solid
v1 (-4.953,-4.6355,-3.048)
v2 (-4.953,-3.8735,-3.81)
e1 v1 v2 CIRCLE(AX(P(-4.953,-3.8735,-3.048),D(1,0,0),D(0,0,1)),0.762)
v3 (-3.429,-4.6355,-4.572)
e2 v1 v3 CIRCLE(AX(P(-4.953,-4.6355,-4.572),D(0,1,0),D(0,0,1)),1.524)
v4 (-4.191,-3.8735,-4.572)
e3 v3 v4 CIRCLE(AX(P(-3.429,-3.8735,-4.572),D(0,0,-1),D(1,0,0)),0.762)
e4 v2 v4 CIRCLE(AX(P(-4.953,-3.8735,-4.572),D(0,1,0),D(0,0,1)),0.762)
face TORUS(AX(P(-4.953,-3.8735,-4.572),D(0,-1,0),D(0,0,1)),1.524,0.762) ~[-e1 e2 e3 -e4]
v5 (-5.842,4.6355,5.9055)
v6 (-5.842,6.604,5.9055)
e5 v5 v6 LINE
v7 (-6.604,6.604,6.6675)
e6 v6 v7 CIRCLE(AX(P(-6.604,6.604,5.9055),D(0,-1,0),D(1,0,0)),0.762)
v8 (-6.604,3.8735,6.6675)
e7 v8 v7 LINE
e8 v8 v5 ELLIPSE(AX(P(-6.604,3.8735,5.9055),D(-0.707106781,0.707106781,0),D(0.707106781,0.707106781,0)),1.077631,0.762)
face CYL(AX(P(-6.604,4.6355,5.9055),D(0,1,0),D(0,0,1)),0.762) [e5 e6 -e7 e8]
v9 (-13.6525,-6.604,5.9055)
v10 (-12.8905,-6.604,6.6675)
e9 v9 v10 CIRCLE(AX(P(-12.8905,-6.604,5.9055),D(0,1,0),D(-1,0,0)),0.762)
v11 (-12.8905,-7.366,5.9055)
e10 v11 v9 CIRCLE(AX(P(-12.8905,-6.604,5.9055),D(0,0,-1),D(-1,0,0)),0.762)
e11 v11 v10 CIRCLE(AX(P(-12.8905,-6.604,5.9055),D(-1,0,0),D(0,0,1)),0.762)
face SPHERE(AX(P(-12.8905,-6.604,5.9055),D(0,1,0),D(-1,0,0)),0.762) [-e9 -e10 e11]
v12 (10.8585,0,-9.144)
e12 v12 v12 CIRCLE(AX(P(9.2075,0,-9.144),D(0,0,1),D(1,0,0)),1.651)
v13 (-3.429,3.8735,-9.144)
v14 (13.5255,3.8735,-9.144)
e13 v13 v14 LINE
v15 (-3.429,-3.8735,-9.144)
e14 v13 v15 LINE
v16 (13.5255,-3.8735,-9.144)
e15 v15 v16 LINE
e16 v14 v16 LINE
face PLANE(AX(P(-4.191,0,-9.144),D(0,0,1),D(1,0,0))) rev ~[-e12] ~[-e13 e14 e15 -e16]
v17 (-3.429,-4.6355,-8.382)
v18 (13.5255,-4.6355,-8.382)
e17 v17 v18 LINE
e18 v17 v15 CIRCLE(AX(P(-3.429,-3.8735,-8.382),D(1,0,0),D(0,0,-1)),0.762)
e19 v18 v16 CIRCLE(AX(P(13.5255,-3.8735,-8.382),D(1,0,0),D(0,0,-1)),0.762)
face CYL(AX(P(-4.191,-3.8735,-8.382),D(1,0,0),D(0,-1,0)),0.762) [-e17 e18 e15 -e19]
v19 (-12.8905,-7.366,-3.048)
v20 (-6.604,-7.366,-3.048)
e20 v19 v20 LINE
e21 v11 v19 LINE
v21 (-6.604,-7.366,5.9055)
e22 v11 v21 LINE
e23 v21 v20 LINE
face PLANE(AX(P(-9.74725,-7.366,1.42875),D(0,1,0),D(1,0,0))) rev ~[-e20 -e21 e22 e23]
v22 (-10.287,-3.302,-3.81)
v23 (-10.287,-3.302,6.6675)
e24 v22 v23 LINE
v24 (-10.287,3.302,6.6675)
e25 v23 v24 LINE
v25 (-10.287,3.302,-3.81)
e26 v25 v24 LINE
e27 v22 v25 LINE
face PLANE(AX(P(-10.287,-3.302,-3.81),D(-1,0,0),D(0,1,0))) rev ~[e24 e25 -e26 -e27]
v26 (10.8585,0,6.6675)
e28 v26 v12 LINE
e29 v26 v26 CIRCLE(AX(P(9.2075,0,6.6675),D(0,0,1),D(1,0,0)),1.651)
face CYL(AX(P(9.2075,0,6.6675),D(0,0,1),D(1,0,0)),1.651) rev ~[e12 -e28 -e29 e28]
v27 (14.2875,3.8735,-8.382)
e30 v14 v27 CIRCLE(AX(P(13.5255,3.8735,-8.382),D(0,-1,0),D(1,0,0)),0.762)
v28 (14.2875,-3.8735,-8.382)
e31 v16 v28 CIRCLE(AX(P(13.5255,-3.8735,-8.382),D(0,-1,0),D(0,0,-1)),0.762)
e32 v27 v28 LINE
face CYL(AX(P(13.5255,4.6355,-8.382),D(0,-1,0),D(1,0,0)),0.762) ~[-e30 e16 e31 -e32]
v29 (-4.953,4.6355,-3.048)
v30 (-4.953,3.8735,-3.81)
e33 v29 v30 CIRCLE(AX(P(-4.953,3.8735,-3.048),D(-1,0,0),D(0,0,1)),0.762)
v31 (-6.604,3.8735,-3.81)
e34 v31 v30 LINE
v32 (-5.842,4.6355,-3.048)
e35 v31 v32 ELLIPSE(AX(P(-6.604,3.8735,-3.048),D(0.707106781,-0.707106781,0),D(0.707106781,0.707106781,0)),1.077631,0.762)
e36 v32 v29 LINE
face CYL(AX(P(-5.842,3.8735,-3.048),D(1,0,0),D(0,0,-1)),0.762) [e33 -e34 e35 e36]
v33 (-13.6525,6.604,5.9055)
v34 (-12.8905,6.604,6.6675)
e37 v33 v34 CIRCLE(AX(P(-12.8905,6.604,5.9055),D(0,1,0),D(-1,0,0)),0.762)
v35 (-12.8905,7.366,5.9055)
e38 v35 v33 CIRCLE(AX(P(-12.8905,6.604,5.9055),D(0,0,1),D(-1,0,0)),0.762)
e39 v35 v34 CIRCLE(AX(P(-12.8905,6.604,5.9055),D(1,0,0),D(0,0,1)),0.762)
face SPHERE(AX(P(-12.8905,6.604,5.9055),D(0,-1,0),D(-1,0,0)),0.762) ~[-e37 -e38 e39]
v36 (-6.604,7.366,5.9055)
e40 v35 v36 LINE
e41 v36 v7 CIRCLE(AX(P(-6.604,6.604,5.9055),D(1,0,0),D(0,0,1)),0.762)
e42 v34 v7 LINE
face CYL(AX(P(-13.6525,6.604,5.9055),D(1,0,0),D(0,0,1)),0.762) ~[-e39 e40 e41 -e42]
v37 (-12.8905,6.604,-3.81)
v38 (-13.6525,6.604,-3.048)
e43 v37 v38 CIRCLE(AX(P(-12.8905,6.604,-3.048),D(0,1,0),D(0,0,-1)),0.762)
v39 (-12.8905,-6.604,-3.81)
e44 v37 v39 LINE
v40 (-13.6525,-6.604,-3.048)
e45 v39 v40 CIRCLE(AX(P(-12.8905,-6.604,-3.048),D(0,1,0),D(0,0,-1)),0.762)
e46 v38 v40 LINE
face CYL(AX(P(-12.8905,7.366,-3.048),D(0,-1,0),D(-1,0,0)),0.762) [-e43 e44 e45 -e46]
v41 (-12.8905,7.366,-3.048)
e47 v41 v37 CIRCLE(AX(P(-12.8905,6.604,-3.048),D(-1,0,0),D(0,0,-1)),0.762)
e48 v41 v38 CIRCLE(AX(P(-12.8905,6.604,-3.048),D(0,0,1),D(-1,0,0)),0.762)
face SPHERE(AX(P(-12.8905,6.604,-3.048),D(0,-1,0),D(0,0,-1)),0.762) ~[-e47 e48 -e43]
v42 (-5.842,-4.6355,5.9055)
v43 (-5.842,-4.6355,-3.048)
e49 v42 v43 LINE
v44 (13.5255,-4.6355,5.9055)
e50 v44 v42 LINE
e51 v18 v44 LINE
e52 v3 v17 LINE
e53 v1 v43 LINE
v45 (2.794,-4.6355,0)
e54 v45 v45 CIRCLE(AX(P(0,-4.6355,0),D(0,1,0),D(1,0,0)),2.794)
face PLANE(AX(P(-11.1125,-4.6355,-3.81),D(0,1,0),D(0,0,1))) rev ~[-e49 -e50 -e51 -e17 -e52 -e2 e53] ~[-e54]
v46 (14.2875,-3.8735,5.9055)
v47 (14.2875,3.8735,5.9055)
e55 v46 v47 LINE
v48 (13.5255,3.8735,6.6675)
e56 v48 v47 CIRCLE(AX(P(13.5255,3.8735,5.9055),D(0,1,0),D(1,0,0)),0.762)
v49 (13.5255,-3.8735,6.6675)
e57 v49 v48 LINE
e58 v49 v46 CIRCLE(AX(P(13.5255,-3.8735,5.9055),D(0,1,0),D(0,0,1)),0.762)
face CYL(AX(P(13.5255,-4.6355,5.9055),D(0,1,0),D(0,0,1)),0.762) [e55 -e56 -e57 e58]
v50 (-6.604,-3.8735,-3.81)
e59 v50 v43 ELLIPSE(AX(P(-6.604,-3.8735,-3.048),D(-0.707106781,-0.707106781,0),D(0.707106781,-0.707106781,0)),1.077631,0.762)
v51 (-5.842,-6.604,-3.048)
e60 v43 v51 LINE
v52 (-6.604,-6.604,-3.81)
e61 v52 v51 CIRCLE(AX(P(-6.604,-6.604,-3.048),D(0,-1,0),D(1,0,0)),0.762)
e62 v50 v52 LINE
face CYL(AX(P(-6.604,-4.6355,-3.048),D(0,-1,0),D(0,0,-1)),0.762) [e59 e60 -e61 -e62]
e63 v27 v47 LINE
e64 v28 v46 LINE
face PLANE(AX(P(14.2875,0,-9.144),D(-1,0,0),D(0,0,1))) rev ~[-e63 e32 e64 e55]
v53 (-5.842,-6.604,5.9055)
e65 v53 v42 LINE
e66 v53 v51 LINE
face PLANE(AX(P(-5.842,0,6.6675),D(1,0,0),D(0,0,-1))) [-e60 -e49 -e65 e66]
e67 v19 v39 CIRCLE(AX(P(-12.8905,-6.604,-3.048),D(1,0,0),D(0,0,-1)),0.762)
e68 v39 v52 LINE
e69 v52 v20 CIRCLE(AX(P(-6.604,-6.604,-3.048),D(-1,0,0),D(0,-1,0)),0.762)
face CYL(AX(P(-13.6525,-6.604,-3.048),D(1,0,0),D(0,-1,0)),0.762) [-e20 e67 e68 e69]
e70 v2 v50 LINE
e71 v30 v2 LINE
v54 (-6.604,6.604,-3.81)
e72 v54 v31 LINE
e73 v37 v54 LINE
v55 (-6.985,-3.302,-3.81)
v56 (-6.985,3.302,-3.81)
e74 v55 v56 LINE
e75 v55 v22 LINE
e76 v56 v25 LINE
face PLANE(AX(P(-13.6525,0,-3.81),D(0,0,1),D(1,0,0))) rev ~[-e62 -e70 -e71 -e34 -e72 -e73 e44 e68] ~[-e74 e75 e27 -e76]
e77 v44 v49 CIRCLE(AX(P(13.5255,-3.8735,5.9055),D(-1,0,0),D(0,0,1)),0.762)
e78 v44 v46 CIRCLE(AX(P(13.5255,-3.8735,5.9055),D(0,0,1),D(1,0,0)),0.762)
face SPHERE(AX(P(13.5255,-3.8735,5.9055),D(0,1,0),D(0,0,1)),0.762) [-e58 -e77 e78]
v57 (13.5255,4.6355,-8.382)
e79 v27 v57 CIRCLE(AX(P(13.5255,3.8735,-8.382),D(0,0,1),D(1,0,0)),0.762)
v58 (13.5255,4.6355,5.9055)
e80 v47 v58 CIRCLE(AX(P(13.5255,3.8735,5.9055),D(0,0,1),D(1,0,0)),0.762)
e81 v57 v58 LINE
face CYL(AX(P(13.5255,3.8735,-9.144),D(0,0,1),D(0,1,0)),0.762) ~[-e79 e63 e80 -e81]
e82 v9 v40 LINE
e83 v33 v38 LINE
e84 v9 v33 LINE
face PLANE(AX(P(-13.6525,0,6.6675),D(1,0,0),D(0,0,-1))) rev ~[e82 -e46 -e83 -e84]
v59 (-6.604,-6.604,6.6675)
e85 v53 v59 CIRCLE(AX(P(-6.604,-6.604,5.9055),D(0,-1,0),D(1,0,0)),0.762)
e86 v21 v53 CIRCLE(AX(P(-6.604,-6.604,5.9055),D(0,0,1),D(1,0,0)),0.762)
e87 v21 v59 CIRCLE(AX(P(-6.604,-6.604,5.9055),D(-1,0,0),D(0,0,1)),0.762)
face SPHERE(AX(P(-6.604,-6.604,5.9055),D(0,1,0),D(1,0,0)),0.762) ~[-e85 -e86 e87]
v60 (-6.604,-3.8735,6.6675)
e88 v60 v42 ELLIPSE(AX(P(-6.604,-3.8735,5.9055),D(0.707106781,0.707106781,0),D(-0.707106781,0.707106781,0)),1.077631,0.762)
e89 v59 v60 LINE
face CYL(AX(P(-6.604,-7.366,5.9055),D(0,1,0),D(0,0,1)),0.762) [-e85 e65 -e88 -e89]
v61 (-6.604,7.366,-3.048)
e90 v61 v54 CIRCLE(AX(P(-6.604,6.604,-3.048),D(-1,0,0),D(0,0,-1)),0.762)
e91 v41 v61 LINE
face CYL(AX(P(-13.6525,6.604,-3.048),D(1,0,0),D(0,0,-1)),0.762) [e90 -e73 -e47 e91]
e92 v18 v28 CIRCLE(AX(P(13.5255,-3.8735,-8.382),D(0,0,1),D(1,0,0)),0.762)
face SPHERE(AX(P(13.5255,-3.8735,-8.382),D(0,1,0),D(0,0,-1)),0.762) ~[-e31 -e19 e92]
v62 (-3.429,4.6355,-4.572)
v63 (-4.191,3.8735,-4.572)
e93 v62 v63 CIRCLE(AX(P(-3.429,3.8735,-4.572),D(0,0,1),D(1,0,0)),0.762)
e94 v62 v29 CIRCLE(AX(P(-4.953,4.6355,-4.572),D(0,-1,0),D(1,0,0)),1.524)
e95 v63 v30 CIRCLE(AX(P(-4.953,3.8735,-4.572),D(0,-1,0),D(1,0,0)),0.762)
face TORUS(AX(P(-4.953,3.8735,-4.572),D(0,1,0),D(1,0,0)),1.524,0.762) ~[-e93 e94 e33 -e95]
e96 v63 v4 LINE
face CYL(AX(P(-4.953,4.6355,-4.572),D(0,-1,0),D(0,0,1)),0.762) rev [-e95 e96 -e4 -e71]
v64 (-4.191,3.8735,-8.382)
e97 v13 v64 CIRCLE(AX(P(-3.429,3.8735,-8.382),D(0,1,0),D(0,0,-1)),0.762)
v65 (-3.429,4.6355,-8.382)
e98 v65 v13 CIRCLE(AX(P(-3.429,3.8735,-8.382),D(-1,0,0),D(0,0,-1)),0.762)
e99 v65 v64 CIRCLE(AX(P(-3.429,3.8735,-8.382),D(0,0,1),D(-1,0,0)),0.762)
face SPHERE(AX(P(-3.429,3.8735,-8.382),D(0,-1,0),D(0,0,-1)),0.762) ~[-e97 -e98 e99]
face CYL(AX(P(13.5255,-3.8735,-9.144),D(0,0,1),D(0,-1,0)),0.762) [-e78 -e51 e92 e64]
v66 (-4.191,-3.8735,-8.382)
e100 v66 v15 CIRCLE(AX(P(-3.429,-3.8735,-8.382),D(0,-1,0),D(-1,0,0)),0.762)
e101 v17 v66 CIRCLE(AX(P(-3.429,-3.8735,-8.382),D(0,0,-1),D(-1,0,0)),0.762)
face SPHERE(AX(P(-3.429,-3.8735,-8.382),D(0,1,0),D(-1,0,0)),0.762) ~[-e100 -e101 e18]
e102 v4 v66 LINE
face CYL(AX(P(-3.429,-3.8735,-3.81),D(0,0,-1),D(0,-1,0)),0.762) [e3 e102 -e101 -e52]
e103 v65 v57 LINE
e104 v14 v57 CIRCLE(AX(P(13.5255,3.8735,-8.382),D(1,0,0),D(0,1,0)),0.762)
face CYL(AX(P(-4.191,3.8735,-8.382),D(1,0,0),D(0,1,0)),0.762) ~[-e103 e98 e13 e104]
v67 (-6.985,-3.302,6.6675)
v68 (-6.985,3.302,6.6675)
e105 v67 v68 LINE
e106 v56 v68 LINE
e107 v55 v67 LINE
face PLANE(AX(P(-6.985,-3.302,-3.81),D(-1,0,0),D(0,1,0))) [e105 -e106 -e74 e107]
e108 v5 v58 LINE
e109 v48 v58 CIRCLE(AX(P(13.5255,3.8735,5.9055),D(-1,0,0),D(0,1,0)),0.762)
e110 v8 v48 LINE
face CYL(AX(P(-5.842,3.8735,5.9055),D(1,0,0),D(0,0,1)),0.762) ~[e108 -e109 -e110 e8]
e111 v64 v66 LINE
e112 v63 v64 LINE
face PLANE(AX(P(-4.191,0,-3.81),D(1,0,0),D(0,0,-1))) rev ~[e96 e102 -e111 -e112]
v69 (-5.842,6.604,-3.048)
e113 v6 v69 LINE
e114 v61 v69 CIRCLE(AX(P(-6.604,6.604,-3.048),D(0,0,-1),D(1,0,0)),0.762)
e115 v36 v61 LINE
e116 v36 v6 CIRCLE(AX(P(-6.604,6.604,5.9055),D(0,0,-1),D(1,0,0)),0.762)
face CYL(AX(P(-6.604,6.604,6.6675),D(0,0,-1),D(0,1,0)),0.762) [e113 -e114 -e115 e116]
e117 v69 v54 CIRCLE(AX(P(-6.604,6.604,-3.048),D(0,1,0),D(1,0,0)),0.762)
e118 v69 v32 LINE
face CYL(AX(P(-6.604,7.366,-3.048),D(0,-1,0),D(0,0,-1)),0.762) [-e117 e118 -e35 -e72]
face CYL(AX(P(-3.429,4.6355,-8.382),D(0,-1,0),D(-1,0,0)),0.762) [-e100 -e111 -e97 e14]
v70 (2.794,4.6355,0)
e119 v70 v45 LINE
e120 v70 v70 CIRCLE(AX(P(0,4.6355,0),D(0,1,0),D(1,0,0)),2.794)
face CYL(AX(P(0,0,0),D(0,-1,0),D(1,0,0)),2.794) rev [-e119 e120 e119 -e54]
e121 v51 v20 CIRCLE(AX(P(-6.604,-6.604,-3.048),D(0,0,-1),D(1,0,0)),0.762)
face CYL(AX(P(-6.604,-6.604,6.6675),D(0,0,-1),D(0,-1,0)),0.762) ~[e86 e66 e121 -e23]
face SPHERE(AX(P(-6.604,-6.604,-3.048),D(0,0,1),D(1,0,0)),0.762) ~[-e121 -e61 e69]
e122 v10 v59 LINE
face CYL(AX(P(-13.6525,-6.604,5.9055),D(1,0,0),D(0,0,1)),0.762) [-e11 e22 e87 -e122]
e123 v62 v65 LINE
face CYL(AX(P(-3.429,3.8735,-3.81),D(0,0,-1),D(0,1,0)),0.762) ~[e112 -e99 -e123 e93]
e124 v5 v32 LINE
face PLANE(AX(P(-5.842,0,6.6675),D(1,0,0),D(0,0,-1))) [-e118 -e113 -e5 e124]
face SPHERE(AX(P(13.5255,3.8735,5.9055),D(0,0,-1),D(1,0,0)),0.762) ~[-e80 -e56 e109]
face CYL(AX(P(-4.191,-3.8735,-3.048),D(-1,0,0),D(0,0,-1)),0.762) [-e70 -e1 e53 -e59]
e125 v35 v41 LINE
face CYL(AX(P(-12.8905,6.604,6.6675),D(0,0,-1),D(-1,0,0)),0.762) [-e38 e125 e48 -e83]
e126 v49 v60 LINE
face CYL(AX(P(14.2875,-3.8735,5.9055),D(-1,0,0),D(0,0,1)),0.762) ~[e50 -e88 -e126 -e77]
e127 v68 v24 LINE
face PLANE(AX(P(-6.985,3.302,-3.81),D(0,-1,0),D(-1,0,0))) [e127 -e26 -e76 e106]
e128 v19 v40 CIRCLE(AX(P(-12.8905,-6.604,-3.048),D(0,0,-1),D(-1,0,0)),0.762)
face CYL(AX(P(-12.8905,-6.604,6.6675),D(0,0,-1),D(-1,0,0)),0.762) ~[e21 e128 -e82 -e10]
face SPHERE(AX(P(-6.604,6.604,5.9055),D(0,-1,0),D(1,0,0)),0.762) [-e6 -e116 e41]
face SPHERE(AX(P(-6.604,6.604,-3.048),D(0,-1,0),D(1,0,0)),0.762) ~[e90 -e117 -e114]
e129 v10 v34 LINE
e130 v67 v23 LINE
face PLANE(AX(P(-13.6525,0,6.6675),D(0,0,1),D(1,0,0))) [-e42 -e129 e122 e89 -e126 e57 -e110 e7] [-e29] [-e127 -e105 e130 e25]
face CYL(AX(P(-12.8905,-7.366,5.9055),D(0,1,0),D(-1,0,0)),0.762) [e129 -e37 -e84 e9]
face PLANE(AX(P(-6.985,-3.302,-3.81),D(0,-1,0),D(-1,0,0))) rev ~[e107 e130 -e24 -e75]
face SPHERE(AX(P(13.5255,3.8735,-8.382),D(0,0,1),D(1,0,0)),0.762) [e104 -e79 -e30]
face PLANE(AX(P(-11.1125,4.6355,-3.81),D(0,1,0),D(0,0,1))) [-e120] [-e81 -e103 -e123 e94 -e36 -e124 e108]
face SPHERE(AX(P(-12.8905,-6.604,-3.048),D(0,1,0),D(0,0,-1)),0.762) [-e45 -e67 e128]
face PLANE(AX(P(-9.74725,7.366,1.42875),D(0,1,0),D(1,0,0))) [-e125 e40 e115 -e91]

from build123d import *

# Parameters (mm, degrees)
SKETCH1_R           = 2.794
BOSS_EXTRUDE1_DEPTH = 4.6355
SKETCH2_W           = 10.4775
SKETCH2_H           = 9.271
BOSS_EXTRUDE2_DEPTH = 2.54
SKETCH3_W           = 7.8105
SKETCH3_H           = 10.4775
BOSS_EXTRUDE3_DEPTH = 7.366
SKETCH4_W           = 3.302
SKETCH4_H           = 6.604
CUT_EXTRUDE1_DEPTH  = 10.4775
SKETCH5_R           = 1.651
CUT_EXTRUDE2_DEPTH  = 15.8115
FILLET1_R           = 0.762


with BuildPart() as part:
    # Sketch1 → Boss-Extrude1 (new body, symmetric)
    with BuildSketch(Plane(origin=(0, 0, 0), x_dir=(1, 0, 0), z_dir=(0, 1, 0))):
        Polygon((-11.1125, 3.81), (-4.191, 3.81), (-4.191, 9.144), (14.2875, 9.144), (14.2875, -6.6675), (-11.1125, -6.6675), align=None)
        Circle(SKETCH1_R, mode=Mode.SUBTRACT)
    extrude(amount=BOSS_EXTRUDE1_DEPTH, both=True)

    # Sketch2 → Boss-Extrude2 (add)
    with BuildSketch(Plane.ZY.offset(11.1125)):
        with Locations((1.42875, 0)):
            Rectangle(SKETCH2_W, SKETCH2_H)
    extrude(amount=BOSS_EXTRUDE2_DEPTH)

    # Sketch3 → Boss-Extrude3 (add, symmetric)
    with BuildSketch(Plane(origin=(0, 0, 0), x_dir=(1, 0, 0), z_dir=(0, 1, 0))):
        with Locations((-9.74725, -1.42875)):
            Rectangle(SKETCH3_W, SKETCH3_H)
    extrude(amount=BOSS_EXTRUDE3_DEPTH, both=True)

    # Sketch4 → Cut-Extrude1 (cut)
    with BuildSketch(Plane(origin=(0, 0, -3.81), x_dir=(-1, 0, 0), z_dir=(0, 0, -1))):
        with Locations((8.636, 0)):
            Rectangle(SKETCH4_W, SKETCH4_H)
    extrude(amount=-CUT_EXTRUDE1_DEPTH, mode=Mode.SUBTRACT)

    # Sketch5 → Cut-Extrude2 (cut)
    with BuildSketch(Plane.XY.offset(6.6675)):
        with Locations((9.2075, 0)):
            Circle(SKETCH5_R)
    extrude(amount=-CUT_EXTRUDE2_DEPTH, mode=Mode.SUBTRACT)

    # Fillet1
    fillet1_edges = [part.edges().sort_by_distance(p)[0] for p in [
        (14.2875, 4.6355, -1.23825),
        (-4.191, 0, -3.81),
        (-4.191, 0, -9.144),
        (14.2875, 0, -9.144),
        (14.2875, 0, 6.6675),
        (5.04825, 4.6355, -9.144),
        (-4.191, 4.6355, -6.477),
        (-5.0165, 4.6355, -3.81),
        (-13.6525, 0, -3.81),
        (-13.6525, 0, 6.6675),
        (4.22275, -4.6355, 6.6675),
        (4.22275, 4.6355, 6.6675),
        (-5.842, 6.00075, 6.6675),
        (-5.842, 6.00075, -3.81),
        (-5.842, -6.00075, 6.6675),
        (-5.842, -7.366, 1.42875),
        (-5.842, -6.00075, -3.81),
        (-9.74725, -7.366, -3.81),
        (-13.6525, -7.366, 1.42875),
        (-9.74725, -7.366, 6.6675),
        (-5.842, 7.366, 1.42875),
        (-9.74725, 7.366, -3.81),
        (-13.6525, 7.366, 1.42875),
        (-9.74725, 7.366, 6.6675),
        (-5.0165, -4.6355, -3.81),
        (-4.191, -4.6355, -6.477),
        (5.04825, -4.6355, -9.144),
        (14.2875, -4.6355, -1.23825),
    ]]
    fillet(fillet1_edges, radius=FILLET1_R)


solid = part.part
